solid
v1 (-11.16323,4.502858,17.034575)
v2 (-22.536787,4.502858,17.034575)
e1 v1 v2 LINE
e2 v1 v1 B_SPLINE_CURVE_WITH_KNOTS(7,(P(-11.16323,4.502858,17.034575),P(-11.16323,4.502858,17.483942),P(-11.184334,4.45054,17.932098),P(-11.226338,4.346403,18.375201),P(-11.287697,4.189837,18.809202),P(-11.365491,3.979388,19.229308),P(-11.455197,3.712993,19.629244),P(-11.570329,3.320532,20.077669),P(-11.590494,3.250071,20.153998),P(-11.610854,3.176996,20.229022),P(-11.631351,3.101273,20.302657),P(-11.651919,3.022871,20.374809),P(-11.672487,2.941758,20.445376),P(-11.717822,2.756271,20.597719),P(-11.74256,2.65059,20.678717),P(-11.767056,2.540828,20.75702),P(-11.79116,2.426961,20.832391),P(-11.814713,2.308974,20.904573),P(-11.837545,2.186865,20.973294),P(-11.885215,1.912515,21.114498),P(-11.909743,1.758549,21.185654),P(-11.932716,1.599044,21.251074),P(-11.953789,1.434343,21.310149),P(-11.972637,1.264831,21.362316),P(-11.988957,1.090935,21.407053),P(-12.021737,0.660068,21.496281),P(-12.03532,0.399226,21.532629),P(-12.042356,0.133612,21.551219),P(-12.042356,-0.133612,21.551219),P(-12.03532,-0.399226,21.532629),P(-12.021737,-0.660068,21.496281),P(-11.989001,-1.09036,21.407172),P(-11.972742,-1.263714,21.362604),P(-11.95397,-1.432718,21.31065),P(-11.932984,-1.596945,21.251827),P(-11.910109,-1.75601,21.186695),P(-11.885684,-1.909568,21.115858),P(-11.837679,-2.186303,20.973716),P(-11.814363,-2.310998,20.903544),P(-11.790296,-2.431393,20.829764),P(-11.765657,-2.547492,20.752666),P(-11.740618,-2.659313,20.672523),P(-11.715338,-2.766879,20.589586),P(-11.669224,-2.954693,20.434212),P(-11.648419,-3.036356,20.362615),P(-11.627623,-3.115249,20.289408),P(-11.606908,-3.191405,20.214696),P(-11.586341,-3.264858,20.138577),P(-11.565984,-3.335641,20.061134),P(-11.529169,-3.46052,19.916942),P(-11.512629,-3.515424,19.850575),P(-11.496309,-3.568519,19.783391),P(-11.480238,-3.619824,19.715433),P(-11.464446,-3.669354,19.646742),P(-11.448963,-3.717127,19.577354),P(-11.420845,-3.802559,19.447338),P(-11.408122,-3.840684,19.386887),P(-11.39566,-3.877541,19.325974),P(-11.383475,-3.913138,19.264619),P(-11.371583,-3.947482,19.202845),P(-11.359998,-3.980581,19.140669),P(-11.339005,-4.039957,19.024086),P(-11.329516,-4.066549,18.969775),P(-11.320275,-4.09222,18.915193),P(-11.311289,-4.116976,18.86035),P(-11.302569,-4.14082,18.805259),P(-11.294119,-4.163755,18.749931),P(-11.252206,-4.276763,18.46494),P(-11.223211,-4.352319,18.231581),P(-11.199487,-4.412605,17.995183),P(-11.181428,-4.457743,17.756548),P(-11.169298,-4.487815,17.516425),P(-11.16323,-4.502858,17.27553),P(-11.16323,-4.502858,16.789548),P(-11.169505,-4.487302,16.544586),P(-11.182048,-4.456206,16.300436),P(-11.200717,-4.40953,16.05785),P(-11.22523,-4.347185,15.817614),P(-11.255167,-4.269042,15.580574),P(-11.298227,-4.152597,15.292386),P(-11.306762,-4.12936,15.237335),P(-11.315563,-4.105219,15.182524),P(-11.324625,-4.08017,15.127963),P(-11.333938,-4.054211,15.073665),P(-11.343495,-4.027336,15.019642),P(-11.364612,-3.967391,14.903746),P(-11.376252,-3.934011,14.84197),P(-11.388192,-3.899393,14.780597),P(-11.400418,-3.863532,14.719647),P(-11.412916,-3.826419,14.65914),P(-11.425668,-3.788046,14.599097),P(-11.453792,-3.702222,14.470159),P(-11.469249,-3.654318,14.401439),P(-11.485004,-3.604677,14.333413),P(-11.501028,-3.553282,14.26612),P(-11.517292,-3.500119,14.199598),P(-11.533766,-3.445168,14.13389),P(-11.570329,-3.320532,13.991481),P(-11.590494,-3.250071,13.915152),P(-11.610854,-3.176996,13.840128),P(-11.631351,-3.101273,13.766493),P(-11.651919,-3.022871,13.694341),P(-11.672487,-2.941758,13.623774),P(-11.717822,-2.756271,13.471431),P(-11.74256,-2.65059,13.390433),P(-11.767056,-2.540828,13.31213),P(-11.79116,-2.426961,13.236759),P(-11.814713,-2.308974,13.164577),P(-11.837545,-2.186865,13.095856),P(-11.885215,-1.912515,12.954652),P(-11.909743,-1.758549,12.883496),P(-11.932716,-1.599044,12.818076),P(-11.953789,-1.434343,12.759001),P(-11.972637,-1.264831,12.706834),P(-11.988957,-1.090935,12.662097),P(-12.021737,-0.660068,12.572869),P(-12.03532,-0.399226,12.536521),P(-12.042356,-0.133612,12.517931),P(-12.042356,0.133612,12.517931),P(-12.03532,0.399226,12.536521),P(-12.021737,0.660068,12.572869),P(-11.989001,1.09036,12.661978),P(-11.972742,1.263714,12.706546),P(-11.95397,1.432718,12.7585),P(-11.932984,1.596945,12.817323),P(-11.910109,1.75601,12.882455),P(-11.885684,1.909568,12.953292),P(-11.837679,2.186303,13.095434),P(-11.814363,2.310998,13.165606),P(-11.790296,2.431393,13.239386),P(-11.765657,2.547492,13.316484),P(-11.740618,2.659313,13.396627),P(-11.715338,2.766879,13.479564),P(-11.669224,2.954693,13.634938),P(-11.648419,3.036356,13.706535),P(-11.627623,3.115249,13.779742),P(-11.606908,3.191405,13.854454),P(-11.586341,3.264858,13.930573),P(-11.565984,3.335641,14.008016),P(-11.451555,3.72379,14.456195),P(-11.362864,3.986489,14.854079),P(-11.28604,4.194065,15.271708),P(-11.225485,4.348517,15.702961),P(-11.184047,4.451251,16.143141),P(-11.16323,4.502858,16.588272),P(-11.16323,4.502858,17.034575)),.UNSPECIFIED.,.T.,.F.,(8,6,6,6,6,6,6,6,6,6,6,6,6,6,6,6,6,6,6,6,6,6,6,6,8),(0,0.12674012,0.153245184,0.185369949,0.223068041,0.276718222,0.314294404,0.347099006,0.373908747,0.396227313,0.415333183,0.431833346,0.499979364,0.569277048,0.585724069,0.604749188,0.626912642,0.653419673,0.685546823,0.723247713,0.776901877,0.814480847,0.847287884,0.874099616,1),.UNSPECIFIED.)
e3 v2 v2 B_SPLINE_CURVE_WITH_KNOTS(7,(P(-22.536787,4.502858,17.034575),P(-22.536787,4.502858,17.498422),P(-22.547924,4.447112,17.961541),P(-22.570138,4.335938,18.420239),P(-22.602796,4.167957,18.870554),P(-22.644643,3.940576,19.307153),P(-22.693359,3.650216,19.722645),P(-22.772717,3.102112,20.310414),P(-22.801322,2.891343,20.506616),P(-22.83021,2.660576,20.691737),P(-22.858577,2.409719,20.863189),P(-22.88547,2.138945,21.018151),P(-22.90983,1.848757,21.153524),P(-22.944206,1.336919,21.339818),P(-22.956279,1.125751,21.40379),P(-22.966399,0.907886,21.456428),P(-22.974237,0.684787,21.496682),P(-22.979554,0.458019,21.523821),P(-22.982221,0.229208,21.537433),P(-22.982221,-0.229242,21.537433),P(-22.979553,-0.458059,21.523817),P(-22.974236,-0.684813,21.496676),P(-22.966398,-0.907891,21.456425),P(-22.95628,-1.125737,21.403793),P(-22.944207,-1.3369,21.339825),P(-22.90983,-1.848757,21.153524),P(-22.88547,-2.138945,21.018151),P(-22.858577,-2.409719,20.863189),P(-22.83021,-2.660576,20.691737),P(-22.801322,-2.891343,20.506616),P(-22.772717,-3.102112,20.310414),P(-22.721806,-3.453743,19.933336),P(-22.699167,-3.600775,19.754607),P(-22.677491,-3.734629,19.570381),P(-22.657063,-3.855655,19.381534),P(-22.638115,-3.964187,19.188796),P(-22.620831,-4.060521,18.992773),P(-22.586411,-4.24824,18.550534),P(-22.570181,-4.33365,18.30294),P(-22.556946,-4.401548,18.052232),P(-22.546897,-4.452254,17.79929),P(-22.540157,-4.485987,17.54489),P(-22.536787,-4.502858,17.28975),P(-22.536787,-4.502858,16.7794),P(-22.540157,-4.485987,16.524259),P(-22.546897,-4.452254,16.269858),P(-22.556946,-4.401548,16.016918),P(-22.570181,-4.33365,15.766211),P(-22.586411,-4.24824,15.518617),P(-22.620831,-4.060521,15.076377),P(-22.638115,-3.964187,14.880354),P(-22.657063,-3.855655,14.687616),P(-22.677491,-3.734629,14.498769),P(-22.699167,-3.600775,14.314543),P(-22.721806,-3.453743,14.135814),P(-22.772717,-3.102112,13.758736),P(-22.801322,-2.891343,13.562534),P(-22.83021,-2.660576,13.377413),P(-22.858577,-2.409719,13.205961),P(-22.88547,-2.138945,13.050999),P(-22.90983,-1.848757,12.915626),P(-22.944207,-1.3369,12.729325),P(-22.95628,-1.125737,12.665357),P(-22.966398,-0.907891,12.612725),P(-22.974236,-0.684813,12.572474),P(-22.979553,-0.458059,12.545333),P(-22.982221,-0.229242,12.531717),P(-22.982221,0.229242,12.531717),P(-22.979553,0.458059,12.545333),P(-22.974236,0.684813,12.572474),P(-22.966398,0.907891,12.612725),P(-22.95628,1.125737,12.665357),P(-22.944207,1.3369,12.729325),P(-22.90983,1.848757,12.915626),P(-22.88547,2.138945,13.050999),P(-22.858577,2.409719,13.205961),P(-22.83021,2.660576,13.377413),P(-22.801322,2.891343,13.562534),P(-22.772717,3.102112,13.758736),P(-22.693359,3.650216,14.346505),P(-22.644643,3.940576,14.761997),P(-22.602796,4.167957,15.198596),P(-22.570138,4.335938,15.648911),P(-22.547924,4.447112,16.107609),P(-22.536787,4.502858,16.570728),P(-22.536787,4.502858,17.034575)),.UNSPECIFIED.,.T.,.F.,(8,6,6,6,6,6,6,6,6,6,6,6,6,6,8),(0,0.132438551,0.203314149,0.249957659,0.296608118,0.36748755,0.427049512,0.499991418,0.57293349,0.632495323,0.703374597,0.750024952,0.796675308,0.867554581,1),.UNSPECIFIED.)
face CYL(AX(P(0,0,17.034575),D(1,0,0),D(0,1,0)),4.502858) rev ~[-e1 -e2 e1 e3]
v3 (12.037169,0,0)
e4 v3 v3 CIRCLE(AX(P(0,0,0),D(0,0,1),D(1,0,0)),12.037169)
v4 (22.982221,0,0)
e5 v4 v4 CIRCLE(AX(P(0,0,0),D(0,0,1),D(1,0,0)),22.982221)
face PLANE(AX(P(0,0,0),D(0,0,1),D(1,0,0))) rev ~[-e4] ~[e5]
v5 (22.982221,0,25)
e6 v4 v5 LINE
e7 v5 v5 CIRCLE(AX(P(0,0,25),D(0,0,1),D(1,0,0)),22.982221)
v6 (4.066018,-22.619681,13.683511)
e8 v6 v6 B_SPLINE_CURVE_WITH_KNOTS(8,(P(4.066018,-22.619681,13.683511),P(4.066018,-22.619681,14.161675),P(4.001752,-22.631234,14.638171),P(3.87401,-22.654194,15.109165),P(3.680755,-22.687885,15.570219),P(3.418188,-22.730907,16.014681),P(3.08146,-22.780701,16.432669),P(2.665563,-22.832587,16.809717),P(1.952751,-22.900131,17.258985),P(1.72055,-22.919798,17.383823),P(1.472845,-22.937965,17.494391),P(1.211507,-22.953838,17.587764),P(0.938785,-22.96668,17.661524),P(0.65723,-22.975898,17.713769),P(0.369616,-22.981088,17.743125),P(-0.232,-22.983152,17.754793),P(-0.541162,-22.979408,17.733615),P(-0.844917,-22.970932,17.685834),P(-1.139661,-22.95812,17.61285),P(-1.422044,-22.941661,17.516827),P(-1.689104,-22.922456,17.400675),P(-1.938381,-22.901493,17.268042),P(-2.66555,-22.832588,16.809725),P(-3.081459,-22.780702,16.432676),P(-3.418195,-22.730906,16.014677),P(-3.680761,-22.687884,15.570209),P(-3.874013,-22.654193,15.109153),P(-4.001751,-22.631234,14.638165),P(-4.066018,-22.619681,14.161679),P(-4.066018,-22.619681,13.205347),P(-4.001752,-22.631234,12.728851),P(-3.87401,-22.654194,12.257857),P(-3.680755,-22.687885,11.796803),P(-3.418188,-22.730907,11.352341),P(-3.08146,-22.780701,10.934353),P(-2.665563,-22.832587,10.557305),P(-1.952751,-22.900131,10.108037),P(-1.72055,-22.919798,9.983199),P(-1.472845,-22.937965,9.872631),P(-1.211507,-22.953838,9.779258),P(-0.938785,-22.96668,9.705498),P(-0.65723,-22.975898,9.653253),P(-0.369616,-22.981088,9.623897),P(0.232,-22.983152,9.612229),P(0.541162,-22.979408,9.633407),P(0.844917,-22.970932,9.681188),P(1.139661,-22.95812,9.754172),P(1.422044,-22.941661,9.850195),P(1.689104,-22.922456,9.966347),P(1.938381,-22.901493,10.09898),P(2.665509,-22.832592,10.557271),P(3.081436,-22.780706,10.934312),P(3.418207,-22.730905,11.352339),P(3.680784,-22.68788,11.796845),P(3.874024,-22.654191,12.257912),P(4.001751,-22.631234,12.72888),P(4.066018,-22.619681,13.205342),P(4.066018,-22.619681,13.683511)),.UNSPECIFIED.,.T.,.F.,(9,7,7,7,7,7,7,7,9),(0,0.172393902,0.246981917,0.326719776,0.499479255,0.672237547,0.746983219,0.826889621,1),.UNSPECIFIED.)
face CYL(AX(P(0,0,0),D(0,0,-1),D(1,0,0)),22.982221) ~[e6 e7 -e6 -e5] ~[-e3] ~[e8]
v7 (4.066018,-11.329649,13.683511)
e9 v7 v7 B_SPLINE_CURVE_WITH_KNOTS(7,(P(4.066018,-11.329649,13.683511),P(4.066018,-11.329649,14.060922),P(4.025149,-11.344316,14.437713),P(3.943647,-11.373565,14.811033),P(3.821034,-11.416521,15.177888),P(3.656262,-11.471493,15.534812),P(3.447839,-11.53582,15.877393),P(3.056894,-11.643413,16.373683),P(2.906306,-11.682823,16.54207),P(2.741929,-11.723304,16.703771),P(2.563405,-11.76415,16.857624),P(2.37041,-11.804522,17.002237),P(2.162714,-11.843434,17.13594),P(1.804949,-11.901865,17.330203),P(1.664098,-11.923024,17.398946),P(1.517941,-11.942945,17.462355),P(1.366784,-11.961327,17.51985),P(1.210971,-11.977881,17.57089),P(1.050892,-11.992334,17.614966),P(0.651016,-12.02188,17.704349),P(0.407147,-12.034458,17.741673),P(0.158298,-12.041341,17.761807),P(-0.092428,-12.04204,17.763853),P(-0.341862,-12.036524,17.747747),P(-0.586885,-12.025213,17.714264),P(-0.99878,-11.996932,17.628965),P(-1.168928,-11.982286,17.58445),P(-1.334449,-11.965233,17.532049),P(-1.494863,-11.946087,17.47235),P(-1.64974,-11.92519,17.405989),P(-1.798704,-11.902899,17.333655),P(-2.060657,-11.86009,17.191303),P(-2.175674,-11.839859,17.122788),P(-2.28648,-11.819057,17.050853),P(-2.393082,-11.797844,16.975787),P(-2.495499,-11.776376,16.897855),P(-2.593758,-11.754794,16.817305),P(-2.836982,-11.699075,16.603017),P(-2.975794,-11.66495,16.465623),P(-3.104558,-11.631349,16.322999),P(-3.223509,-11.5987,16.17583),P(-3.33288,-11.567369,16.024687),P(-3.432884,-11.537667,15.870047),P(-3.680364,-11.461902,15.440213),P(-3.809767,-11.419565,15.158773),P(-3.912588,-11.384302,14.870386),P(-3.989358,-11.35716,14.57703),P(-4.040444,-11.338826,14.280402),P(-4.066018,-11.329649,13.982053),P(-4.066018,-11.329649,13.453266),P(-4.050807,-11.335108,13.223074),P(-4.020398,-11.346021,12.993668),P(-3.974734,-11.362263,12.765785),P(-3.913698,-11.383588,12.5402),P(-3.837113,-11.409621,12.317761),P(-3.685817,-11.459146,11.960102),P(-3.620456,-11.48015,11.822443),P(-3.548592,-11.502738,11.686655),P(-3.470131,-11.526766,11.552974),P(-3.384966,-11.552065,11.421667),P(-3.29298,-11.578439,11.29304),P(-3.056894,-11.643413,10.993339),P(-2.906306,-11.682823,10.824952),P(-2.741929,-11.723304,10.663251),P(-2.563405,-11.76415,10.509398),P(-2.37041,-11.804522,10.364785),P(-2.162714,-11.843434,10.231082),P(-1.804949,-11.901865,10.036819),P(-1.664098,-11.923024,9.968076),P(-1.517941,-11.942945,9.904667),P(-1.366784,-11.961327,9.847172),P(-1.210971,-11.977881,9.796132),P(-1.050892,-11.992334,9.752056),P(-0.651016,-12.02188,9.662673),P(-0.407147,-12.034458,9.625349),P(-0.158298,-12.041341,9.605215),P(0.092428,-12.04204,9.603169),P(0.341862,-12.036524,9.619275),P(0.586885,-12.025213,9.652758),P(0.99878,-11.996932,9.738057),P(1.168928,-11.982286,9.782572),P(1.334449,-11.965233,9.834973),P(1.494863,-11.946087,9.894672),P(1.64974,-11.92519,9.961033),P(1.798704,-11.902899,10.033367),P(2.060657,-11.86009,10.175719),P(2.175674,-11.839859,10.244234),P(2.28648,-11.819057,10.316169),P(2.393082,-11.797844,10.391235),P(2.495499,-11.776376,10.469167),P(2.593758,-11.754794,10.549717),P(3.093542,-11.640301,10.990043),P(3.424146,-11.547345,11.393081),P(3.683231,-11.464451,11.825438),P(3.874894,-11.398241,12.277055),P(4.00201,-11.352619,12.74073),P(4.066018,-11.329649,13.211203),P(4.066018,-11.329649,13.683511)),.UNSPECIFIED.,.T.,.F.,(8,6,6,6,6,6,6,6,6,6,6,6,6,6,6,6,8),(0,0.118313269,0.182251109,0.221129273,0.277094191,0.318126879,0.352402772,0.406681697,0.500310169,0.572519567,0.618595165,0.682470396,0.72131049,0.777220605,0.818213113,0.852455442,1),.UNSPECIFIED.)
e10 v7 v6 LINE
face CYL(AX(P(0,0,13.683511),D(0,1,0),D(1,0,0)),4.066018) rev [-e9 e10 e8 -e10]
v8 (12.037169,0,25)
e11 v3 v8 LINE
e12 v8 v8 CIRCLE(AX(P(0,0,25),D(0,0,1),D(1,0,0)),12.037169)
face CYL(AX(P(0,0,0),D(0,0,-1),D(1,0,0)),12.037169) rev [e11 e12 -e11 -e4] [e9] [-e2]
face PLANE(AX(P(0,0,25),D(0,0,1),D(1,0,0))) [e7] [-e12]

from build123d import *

# Parameters (mm, degrees)
F0_R     = 22.982221
F0_R_2   = 12.037169
F1_DEPTH = 25
F2_R     = 4.502858
F3_DEPTH = 22.983221
F4_R     = 4.066018
F5_DEPTH = 22.983221


with BuildPart() as f1:
    # F0 (on Top) → F1 (new body)
    with BuildSketch(Plane.XY):
        Circle(F0_R)
        Circle(F0_R_2, mode=Mode.SUBTRACT)
    extrude(amount=F1_DEPTH)

    # F2 (on Right) → F3 (cut, through all)
    with BuildSketch(Plane.YZ):
        with Locations((0, 17.034575)):
            Circle(F2_R)
    extrude(amount=-F3_DEPTH, mode=Mode.SUBTRACT)

    # F4 (on Front) → F5 (cut, through all)
    with BuildSketch(Plane.XZ):
        with Locations((0, 13.683511)):
            Circle(F4_R)
    extrude(amount=F5_DEPTH, mode=Mode.SUBTRACT)


solid = f1.part
